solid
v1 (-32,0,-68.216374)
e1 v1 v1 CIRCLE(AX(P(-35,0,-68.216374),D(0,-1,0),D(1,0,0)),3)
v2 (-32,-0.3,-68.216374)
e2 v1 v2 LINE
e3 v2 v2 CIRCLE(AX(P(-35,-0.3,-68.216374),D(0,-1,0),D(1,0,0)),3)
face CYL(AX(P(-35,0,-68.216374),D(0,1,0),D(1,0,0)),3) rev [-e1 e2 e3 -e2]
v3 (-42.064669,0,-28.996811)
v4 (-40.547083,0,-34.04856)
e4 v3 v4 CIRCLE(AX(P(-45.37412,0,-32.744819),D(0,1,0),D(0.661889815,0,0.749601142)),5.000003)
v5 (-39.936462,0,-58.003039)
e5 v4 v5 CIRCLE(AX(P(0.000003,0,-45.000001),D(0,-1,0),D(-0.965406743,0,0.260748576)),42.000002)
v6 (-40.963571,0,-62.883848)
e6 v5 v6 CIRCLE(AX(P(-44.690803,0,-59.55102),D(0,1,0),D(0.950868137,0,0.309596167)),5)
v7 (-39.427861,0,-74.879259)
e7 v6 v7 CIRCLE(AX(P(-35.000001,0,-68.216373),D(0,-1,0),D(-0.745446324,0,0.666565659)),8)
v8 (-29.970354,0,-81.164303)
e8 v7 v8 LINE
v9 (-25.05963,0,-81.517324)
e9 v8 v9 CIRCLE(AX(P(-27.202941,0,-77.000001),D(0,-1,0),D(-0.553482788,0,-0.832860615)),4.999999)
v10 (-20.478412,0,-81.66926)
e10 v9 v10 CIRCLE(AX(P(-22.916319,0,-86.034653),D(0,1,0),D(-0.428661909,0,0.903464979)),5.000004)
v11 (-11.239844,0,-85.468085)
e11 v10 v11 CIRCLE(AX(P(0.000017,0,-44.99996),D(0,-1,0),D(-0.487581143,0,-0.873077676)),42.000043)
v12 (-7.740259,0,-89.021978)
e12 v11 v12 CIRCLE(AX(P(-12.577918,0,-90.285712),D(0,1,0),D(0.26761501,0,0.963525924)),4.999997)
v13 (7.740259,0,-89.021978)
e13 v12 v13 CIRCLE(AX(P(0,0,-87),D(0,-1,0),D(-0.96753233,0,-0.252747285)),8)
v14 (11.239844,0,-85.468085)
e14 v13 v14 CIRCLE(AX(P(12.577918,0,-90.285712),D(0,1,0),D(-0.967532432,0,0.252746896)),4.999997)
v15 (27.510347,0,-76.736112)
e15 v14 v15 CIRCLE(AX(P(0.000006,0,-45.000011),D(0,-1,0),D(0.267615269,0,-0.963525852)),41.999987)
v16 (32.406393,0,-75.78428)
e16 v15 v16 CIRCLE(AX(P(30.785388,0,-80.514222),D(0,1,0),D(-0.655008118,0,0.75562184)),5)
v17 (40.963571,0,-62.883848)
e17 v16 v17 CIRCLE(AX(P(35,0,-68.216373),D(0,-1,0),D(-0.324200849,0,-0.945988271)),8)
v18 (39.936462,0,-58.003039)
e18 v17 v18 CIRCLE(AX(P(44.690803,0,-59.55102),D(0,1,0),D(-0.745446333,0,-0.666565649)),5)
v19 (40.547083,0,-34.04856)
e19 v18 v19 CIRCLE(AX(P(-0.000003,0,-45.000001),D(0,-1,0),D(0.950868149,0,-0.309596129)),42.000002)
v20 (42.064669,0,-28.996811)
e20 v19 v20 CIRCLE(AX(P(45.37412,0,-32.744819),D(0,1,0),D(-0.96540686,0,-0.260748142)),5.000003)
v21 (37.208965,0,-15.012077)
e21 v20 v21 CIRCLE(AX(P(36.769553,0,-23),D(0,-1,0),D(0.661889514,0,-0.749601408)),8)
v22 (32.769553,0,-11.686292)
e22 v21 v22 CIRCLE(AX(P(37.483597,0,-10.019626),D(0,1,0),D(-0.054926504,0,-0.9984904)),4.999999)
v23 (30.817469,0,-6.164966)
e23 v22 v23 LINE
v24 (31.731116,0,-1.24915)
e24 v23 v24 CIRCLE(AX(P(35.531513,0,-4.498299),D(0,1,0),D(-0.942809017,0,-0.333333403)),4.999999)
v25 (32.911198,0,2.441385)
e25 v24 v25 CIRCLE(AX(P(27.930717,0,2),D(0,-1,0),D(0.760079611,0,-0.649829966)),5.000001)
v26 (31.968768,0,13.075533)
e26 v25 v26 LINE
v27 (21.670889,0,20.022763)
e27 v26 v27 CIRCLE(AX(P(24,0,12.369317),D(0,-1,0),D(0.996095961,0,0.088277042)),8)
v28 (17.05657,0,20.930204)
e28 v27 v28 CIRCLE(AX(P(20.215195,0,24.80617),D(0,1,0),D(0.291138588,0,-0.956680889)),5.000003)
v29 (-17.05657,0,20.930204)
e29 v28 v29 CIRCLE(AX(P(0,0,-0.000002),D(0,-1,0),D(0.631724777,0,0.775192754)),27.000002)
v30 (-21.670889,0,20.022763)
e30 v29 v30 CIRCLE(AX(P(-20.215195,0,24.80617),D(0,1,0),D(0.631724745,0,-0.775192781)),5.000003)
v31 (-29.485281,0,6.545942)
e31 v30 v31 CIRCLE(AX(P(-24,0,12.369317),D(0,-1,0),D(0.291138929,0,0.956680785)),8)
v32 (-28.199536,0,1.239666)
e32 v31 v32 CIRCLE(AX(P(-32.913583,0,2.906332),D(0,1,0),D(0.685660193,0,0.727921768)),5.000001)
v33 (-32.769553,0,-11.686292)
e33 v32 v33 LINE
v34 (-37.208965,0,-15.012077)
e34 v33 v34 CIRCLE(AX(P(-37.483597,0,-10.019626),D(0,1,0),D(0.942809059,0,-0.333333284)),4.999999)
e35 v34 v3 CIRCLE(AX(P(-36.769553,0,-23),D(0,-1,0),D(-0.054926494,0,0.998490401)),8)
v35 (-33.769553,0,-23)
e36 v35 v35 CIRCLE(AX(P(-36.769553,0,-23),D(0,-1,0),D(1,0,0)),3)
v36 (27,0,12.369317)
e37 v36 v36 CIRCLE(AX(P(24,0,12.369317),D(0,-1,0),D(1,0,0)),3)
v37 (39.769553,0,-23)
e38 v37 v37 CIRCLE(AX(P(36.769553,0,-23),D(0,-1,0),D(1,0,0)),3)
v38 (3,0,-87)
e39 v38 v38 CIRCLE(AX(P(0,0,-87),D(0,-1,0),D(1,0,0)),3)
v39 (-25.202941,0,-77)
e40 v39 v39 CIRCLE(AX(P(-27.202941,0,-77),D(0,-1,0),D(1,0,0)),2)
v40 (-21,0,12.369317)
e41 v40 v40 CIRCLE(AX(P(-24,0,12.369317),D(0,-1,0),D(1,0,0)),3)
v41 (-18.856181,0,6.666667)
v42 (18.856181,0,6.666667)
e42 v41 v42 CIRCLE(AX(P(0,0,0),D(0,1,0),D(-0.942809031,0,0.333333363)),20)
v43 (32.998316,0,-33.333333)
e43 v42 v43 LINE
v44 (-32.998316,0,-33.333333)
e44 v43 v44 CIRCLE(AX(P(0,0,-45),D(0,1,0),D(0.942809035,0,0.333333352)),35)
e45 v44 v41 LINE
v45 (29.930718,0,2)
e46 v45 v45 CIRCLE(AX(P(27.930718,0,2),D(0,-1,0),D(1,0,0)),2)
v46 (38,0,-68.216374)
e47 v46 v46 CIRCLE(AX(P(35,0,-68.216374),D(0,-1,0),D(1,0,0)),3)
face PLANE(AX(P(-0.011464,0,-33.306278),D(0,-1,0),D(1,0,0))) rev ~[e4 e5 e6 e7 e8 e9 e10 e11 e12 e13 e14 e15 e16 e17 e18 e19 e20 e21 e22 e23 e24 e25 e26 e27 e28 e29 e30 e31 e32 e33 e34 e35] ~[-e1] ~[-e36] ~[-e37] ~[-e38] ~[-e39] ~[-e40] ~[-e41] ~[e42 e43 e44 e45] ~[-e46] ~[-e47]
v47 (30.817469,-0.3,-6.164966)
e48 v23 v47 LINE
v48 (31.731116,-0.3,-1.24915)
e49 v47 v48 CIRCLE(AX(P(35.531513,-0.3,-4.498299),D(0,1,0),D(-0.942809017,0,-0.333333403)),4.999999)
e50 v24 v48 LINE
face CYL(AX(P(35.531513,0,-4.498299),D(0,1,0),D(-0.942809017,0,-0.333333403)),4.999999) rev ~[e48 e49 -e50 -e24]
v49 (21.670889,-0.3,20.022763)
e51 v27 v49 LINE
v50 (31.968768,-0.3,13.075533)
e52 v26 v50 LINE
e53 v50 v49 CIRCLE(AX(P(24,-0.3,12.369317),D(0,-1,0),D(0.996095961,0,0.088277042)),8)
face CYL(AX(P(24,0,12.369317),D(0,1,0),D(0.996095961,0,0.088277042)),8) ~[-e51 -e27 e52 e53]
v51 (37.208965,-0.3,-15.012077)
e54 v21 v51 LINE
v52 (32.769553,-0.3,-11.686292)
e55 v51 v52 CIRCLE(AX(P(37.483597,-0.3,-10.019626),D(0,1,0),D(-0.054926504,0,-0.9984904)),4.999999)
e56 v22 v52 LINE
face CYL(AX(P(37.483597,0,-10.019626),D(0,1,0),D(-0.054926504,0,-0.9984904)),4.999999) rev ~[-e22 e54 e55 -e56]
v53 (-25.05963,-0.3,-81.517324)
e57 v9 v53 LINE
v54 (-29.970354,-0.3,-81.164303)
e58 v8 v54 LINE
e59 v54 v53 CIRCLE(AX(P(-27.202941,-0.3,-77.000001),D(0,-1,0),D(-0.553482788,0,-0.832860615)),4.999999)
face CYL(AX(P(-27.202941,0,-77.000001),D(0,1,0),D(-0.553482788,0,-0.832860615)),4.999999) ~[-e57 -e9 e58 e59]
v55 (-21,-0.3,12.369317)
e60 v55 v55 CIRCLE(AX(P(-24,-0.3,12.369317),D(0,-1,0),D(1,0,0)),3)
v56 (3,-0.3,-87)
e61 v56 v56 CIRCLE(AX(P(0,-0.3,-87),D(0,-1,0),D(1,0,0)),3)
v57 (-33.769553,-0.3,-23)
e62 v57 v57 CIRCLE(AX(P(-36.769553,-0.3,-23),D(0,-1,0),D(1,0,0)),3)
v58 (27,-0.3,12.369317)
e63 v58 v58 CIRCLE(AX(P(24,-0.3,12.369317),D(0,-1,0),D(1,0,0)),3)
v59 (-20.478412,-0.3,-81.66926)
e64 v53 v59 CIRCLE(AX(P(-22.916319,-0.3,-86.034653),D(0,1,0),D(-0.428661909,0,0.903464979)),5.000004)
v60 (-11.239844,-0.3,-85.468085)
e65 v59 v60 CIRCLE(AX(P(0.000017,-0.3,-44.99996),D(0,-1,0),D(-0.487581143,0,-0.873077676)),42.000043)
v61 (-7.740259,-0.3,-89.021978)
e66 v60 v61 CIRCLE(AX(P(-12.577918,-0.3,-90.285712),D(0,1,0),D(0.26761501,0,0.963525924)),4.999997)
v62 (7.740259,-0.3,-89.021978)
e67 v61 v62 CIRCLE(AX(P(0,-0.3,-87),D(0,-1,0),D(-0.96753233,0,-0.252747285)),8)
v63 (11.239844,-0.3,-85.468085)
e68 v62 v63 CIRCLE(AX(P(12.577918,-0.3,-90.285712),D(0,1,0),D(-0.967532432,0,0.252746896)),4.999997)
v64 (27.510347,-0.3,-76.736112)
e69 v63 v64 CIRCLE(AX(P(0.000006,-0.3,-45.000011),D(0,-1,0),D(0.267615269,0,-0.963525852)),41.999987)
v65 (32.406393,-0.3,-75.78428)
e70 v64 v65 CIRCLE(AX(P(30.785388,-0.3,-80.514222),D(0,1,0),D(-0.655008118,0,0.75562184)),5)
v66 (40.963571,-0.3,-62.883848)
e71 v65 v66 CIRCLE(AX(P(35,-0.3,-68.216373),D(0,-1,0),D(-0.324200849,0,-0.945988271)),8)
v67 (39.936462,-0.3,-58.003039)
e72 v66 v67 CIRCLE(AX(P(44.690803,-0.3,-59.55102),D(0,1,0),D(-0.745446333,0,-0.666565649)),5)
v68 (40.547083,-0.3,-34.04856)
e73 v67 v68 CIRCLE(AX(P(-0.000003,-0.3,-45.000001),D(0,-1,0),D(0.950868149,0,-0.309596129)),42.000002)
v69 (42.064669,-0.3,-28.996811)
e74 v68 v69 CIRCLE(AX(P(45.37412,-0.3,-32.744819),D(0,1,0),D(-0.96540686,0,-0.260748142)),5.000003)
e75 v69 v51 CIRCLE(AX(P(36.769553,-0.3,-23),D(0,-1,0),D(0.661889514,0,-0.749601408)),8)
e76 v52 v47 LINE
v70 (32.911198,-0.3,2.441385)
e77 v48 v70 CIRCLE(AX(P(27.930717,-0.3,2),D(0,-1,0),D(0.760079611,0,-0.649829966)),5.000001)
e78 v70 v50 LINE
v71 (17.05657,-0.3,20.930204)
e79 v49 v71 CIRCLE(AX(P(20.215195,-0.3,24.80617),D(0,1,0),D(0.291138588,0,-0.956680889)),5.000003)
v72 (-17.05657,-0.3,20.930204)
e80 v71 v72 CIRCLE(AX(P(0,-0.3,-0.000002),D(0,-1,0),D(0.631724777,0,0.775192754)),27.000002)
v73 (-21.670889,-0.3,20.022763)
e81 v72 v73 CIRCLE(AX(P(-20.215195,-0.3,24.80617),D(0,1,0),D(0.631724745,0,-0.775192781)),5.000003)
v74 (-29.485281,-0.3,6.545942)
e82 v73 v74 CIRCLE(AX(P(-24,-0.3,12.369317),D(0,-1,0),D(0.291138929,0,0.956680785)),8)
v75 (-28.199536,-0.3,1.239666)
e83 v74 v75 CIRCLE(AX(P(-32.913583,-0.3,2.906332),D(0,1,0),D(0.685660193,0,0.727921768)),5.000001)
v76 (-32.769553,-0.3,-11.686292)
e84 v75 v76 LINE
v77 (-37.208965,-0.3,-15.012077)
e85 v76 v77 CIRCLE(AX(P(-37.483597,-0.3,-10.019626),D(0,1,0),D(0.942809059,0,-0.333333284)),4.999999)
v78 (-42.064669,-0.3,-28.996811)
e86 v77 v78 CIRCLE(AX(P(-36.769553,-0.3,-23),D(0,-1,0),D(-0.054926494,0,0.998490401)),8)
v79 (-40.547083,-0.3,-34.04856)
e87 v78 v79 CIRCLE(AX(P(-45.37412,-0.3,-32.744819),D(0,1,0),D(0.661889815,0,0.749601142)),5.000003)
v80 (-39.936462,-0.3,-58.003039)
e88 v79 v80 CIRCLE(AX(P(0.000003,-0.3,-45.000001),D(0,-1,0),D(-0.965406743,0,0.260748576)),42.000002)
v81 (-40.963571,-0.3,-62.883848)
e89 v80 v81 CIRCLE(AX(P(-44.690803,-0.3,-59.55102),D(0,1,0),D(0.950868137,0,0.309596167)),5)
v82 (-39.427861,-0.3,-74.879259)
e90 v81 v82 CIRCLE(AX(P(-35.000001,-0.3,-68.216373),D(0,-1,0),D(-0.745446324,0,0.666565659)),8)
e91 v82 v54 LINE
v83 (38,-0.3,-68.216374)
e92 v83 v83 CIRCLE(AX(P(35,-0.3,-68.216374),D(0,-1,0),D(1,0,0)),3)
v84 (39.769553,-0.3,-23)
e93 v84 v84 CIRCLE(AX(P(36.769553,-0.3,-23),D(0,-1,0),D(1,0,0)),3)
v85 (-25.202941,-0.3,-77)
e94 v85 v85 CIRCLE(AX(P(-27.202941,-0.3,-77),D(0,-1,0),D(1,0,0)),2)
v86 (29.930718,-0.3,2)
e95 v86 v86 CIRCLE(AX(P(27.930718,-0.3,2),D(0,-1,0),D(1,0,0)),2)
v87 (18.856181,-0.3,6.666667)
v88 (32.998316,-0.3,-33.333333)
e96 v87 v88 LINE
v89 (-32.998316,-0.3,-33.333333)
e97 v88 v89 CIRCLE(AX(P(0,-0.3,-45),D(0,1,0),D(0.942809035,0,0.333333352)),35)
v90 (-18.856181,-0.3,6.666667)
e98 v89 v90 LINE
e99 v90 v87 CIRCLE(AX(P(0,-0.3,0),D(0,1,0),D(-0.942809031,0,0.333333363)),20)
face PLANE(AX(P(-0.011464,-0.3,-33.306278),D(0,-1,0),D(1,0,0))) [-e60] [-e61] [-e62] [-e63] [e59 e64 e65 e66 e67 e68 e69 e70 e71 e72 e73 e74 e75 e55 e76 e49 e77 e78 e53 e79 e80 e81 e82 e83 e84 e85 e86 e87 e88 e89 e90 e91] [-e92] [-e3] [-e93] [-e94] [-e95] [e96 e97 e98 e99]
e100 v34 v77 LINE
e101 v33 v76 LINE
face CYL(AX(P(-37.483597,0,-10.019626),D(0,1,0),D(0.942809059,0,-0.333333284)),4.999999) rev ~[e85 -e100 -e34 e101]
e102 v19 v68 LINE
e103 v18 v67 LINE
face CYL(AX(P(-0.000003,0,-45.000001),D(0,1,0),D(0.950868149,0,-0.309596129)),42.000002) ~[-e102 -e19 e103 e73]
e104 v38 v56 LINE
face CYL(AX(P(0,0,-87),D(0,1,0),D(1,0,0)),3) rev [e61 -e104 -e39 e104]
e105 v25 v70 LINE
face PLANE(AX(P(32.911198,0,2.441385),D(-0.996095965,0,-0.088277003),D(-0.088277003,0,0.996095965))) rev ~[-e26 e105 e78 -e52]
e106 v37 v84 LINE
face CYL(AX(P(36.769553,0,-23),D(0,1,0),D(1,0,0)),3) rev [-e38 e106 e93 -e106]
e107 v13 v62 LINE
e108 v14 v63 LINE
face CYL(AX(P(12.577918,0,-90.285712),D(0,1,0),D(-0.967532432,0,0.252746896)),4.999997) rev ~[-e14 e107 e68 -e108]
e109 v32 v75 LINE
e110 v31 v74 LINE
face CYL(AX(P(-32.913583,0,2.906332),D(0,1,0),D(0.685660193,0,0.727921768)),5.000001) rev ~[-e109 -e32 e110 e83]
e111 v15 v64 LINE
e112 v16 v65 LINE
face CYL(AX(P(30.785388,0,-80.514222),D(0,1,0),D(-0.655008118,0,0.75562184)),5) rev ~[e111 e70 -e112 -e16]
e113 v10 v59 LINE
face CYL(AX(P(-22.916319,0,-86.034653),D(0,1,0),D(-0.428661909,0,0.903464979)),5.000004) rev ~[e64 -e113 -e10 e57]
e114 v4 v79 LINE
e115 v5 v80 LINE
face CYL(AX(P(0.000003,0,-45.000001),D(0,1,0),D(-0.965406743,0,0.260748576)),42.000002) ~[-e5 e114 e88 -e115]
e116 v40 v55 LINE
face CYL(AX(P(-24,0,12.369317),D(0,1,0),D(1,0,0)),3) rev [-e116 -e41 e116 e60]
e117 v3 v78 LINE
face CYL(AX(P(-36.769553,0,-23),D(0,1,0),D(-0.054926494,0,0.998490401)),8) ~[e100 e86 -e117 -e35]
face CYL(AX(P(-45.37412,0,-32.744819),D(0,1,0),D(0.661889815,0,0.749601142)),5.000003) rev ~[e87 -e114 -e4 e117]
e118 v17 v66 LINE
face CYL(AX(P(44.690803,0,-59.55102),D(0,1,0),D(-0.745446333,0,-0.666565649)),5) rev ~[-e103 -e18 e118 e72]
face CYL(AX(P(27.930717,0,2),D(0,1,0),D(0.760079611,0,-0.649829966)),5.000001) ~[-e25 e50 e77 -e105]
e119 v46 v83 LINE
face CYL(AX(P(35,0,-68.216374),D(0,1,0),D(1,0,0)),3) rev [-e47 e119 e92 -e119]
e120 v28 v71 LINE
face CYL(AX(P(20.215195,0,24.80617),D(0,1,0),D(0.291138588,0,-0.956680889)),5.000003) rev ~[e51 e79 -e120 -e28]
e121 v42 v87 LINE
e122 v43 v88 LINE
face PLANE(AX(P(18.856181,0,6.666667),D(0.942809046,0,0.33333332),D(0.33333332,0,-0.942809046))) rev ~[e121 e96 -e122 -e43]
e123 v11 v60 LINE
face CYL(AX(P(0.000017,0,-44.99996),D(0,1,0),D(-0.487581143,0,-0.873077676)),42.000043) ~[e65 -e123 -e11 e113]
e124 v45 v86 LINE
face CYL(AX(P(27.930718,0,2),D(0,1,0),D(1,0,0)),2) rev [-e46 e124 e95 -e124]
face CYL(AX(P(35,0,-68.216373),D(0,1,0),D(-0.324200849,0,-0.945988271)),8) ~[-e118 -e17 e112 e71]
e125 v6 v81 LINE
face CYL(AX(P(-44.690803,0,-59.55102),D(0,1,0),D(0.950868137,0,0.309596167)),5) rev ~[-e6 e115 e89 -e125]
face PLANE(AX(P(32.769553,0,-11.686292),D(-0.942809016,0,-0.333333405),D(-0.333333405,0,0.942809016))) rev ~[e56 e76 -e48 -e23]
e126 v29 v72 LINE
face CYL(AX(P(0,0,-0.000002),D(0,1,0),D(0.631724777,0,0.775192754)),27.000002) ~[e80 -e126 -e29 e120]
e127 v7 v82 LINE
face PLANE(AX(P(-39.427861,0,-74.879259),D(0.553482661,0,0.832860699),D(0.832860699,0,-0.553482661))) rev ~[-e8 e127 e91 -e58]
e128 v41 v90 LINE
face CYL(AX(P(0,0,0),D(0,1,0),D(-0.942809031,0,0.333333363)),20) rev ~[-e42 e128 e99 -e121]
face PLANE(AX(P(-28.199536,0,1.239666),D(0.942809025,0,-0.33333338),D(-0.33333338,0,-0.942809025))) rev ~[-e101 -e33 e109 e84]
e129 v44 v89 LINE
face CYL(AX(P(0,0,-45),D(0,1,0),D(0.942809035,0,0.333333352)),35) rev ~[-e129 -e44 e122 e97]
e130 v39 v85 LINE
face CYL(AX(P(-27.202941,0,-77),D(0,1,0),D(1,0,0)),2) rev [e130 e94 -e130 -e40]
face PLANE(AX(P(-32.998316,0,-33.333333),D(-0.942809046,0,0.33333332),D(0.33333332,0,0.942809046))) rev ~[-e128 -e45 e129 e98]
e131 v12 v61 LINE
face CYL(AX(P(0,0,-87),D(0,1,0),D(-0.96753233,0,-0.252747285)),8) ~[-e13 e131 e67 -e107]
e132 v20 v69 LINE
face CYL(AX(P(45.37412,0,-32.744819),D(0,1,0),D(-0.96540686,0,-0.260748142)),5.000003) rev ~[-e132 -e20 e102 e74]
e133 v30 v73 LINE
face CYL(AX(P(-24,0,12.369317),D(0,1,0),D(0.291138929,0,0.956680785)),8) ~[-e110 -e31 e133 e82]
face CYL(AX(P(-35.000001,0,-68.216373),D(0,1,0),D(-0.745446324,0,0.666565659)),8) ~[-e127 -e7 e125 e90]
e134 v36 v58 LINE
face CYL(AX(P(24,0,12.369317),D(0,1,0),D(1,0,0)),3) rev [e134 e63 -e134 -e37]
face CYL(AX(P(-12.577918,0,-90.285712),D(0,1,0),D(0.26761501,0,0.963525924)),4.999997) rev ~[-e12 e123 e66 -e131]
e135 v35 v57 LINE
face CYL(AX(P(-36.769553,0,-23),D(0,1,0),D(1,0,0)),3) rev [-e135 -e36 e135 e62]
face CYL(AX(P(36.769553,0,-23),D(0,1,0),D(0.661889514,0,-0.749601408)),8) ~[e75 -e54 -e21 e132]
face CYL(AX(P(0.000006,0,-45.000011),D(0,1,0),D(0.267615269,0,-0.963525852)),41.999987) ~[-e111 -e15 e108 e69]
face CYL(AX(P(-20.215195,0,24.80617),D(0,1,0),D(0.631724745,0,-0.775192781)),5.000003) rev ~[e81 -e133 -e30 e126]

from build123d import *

# Parameters (mm, degrees)
F0_R     = 3
F0_R_2   = 2
F1_DEPTH = 0.3


with BuildPart() as f1:
    # F0 (on Front) → F1 (new body)
    with BuildSketch(Plane.XZ):
        with BuildLine():
            ThreePointArc((21.670889, 20.022763), (19.250386, 19.900136), (17.05657, 20.930204))
            ThreePointArc((17.05657, 20.930204), (0, 27), (-17.05657, 20.930204))
            ThreePointArc((-17.05657, 20.930204), (-19.250386, 19.900136), (-21.670889, 20.022763))
            ThreePointArc((-21.670889, 20.022763), (-30.920732, 16.38223), (-29.485281, 6.545942))
            ThreePointArc((-29.485281, 6.545942), (-28.0542, 4.083792), (-28.199536, 1.239666))
            Line((-28.199536, 1.239666), (-32.769553, -11.686292))
            ThreePointArc((-32.769553, -11.686292), (-34.485775, -14.021257), (-37.208965, -15.012077))
            ThreePointArc((-37.208965, -15.012077), (-44.32696, -20.375958), (-42.064669, -28.996811))
            ThreePointArc((-42.064669, -28.996811), (-40.585524, -31.306286), (-40.547083, -34.04856))
            ThreePointArc((-40.547083, -34.04856), (-41.986361, -46.070271), (-39.936462, -58.003039))
            ThreePointArc((-39.936462, -58.003039), (-39.797967, -60.58066), (-40.963571, -62.883848))
            ThreePointArc((-40.963571, -62.883848), (-42.935234, -69.23228), (-39.427861, -74.879259))
            Line((-39.427861, -74.879259), (-29.970354, -81.164303))
            ThreePointArc((-29.970354, -81.164303), (-27.561454, -81.98713), (-25.05963, -81.517324))
            ThreePointArc((-25.05963, -81.517324), (-22.750585, -81.037396), (-20.478412, -81.66926))
            ThreePointArc((-20.478412, -81.66926), (-15.972467, -83.844308), (-11.239844, -85.468085))
            ThreePointArc((-11.239844, -85.468085), (-9.01527, -86.777506), (-7.740259, -89.021978))
            ThreePointArc((-7.740259, -89.021978), (0, -95), (7.740259, -89.021978))
            ThreePointArc((7.740259, -89.021978), (9.01527, -86.777506), (11.239844, -85.468085))
            ThreePointArc((11.239844, -85.468085), (19.86092, -82.007349), (27.510347, -76.736112))
            ThreePointArc((27.510347, -76.736112), (29.83121, -75.606111), (32.406393, -75.78428))
            ThreePointArc((32.406393, -75.78428), (41.666667, -72.63854), (40.963571, -62.883848))
            ThreePointArc((40.963571, -62.883848), (39.797967, -60.58066), (39.936462, -58.003039))
            ThreePointArc((39.936462, -58.003039), (41.986361, -46.070271), (40.547083, -34.04856))
            ThreePointArc((40.547083, -34.04856), (40.585524, -31.306286), (42.064669, -28.996811))
            ThreePointArc((42.064669, -28.996811), (44.32696, -20.375958), (37.208965, -15.012077))
            ThreePointArc((37.208965, -15.012077), (34.485775, -14.021257), (32.769553, -11.686292))
            Line((32.769553, -11.686292), (30.817469, -6.164966))
            ThreePointArc((30.817469, -6.164966), (30.615698, -3.584652), (31.731116, -1.24915))
            ThreePointArc((31.731116, -1.24915), (32.693172, 0.477163), (32.911198, 2.441385))
            Line((32.911198, 2.441385), (31.968768, 13.075533))
            ThreePointArc((31.968768, 13.075533), (28.474085, 19.001252), (21.670889, 20.022763))
        make_face()
        with Locations((-35, -68.216374)):
            Circle(F0_R, mode=Mode.SUBTRACT)
        with Locations((-27.202941, -77)):
            Circle(F0_R_2, mode=Mode.SUBTRACT)
        with Locations((0, -87)):
            Circle(F0_R, mode=Mode.SUBTRACT)
        with Locations((35, -68.216374)):
            Circle(F0_R, mode=Mode.SUBTRACT)
        with Locations((-36.769553, -23)):
            Circle(F0_R, mode=Mode.SUBTRACT)
        with Locations((-24, 12.369317)):
            Circle(F0_R, mode=Mode.SUBTRACT)
        with BuildLine():
            Line((-32.998316, -33.333333), (-18.856181, 6.666667))
            ThreePointArc((-18.856181, 6.666667), (0, 20), (18.856181, 6.666667))
            Line((18.856181, 6.666667), (32.998316, -33.333333))
            ThreePointArc((32.998316, -33.333333), (0, -80), (-32.998316, -33.333333))
        make_face(mode=Mode.SUBTRACT)
        with Locations((36.769553, -23)):
            Circle(F0_R, mode=Mode.SUBTRACT)
        with Locations((27.930718, 2)):
            Circle(F0_R_2, mode=Mode.SUBTRACT)
        with Locations((24, 12.369317)):
            Circle(F0_R, mode=Mode.SUBTRACT)
    extrude(amount=F1_DEPTH)


solid = f1.part
